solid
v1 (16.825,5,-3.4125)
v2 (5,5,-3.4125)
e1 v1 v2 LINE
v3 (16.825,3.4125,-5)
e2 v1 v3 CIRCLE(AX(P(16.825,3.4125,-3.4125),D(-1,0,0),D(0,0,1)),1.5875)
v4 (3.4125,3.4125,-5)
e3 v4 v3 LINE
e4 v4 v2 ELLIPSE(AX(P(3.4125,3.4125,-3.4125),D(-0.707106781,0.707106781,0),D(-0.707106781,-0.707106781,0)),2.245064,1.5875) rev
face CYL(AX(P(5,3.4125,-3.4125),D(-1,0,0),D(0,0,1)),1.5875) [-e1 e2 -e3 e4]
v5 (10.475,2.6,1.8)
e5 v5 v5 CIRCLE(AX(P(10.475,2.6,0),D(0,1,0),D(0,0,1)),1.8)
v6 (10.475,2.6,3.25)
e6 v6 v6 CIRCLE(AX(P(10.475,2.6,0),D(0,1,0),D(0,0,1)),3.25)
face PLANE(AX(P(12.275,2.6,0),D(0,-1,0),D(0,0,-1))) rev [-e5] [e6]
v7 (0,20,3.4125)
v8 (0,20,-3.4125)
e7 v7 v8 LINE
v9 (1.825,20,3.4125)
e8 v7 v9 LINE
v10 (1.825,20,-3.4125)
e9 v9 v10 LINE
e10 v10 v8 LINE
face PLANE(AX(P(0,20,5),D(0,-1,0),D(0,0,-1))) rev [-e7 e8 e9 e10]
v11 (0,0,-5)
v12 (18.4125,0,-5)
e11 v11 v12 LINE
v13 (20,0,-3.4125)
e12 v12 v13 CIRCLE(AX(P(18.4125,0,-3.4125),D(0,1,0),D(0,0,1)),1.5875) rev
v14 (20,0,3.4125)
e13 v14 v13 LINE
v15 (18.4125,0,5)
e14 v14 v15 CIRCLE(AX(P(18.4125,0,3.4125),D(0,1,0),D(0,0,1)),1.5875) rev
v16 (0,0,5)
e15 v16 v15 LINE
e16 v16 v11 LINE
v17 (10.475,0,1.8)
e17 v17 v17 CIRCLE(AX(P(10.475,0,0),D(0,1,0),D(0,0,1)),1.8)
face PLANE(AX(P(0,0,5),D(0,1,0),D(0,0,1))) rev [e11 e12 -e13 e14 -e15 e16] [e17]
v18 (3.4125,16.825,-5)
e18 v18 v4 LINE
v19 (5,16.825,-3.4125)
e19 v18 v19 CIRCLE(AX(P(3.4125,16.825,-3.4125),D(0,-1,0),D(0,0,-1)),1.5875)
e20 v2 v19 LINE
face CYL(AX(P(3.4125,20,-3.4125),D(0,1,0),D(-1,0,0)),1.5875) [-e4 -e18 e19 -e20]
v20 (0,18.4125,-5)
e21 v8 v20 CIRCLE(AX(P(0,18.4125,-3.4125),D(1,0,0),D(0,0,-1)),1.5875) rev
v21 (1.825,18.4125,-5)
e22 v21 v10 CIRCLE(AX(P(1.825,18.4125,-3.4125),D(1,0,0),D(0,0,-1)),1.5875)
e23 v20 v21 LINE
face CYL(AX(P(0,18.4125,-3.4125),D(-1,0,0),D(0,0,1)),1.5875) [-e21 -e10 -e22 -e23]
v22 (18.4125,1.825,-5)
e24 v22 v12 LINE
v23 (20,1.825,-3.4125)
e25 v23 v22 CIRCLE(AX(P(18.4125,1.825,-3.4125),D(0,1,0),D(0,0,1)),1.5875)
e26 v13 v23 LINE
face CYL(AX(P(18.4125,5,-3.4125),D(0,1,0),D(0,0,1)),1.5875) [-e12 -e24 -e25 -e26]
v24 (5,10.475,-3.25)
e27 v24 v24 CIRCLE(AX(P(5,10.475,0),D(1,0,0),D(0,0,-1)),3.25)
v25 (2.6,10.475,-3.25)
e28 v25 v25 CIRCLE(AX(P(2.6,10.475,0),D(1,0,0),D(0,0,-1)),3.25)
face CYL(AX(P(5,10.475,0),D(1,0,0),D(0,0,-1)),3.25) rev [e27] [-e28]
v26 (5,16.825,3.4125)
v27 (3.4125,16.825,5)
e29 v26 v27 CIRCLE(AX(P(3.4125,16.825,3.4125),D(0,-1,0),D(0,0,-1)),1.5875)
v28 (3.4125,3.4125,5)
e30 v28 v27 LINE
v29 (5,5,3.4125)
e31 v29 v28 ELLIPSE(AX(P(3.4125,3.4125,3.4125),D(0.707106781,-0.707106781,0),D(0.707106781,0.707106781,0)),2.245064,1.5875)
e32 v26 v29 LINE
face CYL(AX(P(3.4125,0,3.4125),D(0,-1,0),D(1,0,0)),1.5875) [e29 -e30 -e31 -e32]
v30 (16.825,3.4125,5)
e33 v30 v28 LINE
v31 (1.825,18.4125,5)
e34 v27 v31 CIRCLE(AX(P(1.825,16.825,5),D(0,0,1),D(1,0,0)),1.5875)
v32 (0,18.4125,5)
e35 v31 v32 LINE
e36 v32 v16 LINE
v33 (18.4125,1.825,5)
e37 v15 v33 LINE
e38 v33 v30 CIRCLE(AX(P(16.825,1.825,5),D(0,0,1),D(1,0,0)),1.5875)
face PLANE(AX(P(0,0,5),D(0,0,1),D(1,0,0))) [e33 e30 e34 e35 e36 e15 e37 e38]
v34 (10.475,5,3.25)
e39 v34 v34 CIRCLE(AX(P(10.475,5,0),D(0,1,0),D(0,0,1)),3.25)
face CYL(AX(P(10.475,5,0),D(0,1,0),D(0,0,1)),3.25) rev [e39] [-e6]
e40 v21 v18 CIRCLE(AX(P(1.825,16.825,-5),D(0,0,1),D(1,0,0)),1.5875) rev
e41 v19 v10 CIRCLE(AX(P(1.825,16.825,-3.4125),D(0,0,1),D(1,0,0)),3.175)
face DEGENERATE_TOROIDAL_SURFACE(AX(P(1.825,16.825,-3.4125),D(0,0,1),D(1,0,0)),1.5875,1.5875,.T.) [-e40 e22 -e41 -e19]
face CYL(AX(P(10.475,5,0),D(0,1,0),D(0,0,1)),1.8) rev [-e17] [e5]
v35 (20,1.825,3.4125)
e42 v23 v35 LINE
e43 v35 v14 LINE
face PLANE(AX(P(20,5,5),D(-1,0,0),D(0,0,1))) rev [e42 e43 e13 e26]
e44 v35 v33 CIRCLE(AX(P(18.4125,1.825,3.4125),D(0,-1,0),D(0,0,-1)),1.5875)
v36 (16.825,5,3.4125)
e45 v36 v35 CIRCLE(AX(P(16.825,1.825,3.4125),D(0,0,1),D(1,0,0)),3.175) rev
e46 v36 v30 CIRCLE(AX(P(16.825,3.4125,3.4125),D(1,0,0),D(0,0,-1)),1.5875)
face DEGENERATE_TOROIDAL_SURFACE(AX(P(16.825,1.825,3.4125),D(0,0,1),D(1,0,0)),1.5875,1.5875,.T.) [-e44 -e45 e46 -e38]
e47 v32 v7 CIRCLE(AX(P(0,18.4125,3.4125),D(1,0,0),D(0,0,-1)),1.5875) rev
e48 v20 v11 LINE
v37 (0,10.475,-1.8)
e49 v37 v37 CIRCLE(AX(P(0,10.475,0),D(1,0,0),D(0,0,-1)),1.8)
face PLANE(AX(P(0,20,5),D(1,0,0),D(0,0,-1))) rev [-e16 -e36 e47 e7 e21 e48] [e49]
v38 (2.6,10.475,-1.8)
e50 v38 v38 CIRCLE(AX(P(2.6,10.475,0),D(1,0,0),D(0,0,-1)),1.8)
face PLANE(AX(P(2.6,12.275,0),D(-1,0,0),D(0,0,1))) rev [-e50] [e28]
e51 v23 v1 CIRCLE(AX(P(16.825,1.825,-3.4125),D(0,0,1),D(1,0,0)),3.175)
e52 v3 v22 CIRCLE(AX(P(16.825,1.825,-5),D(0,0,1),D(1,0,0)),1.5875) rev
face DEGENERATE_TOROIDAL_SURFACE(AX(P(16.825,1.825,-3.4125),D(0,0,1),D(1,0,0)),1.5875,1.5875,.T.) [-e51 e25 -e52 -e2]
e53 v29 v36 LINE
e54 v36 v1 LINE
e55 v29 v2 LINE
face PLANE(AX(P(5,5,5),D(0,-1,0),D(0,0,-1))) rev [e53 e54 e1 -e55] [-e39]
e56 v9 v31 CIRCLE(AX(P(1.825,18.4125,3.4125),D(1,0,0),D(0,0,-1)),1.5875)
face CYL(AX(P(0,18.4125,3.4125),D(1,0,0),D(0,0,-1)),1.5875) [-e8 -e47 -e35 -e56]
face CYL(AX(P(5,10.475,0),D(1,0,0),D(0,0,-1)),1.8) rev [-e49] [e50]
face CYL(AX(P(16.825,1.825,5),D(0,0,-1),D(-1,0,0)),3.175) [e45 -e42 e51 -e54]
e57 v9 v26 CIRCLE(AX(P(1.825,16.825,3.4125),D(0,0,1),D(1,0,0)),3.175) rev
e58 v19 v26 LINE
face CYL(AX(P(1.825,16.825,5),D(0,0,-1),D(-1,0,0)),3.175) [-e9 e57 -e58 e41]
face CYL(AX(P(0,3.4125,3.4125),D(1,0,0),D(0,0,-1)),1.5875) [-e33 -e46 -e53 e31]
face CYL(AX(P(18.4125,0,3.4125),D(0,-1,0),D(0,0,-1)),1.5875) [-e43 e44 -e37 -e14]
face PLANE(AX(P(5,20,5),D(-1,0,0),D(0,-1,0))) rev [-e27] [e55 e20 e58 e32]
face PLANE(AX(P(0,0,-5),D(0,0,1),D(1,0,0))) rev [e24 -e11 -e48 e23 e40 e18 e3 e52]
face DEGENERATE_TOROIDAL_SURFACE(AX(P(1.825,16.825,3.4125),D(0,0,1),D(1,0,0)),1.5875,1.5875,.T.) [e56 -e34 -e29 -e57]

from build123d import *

# Parameters (mm, degrees)
BOSS_EXTRUDE1_DEPTH                                  = 5
CBORE_FOR_M3_HEX_SOCKET_THIN_HEAD_CAP_SC_D           = 3.6
CBORE_FOR_M3_HEX_SOCKET_THIN_HEAD_CAP_SC_CBORE_D     = 6.5
CBORE_FOR_M3_HEX_SOCKET_THIN_HEAD_CAP_SC_CBORE_DEPTH = 2.4
CBORE_FOR_M3_HEX_SOCKET_THIN_HEAD_CA_2_D             = 3.6
CBORE_FOR_M3_HEX_SOCKET_THIN_HEAD_CA_2_CBORE_D       = 6.5
CBORE_FOR_M3_HEX_SOCKET_THIN_HEAD_CA_2_CBORE_DEPTH   = 2.4
FILLET1_R                                            = 3.175
FILLET2_R                                            = 1.5875


with BuildPart() as part:
    # Sketch1 → Boss-Extrude1 (new, symmetric)
    with BuildSketch(Plane.XY):
        Polygon((0, 0), (20, 0), (20, 5), (5, 5), (5, 20), (0, 20), align=None)
    extrude(amount=BOSS_EXTRUDE1_DEPTH, both=True)

    # CBORE for M3 Hex Socket Thin Head Cap Sc (through all)
    with Locations(Plane(origin=(5, 0, 0), x_dir=(0, 0, -1), z_dir=(1, 0, 0))):
        with Locations((0, 10.475)):
            CounterBoreHole(CBORE_FOR_M3_HEX_SOCKET_THIN_HEAD_CAP_SC_D / 2, CBORE_FOR_M3_HEX_SOCKET_THIN_HEAD_CAP_SC_CBORE_D / 2, CBORE_FOR_M3_HEX_SOCKET_THIN_HEAD_CAP_SC_CBORE_DEPTH)

    # CBORE for M3 Hex Socket Thin Head Ca 2 (through all)
    with Locations(Plane(origin=(0, 5, 0), x_dir=(1, 0, 0), z_dir=(0, 1, 0))):
        with Locations((10.475, 0)):
            CounterBoreHole(CBORE_FOR_M3_HEX_SOCKET_THIN_HEAD_CA_2_D / 2, CBORE_FOR_M3_HEX_SOCKET_THIN_HEAD_CA_2_CBORE_D / 2, CBORE_FOR_M3_HEX_SOCKET_THIN_HEAD_CA_2_CBORE_DEPTH)

    # Fillet1
    fillet1_edges = [part.edges().sort_by_distance(p)[0] for p in [
        (5, 20, 0),
        (20, 5, 0),
    ]]
    fillet(fillet1_edges, radius=FILLET1_R)

    # Fillet2
    fillet2_edges = [part.edges().sort_by_distance(p)[0] for p in [
        (20, 0.9125, 5),
        (5, 10.9125, 5),
        (10.9125, 5, -5),
        (10.9125, 5, 5),
        (0.9125, 20, -5),
        (4.07006403, 19.07006403, -5),
        (19.07006403, 4.07006403, -5),
        (0.9125, 20, 5),
        (4.07006403, 19.07006403, 5),
        (19.07006403, 4.07006403, 5),
        (5, 10.9125, -5),
        (20, 0.9125, -5),
    ]]
    fillet(fillet2_edges, radius=FILLET2_R)


solid = part.part
